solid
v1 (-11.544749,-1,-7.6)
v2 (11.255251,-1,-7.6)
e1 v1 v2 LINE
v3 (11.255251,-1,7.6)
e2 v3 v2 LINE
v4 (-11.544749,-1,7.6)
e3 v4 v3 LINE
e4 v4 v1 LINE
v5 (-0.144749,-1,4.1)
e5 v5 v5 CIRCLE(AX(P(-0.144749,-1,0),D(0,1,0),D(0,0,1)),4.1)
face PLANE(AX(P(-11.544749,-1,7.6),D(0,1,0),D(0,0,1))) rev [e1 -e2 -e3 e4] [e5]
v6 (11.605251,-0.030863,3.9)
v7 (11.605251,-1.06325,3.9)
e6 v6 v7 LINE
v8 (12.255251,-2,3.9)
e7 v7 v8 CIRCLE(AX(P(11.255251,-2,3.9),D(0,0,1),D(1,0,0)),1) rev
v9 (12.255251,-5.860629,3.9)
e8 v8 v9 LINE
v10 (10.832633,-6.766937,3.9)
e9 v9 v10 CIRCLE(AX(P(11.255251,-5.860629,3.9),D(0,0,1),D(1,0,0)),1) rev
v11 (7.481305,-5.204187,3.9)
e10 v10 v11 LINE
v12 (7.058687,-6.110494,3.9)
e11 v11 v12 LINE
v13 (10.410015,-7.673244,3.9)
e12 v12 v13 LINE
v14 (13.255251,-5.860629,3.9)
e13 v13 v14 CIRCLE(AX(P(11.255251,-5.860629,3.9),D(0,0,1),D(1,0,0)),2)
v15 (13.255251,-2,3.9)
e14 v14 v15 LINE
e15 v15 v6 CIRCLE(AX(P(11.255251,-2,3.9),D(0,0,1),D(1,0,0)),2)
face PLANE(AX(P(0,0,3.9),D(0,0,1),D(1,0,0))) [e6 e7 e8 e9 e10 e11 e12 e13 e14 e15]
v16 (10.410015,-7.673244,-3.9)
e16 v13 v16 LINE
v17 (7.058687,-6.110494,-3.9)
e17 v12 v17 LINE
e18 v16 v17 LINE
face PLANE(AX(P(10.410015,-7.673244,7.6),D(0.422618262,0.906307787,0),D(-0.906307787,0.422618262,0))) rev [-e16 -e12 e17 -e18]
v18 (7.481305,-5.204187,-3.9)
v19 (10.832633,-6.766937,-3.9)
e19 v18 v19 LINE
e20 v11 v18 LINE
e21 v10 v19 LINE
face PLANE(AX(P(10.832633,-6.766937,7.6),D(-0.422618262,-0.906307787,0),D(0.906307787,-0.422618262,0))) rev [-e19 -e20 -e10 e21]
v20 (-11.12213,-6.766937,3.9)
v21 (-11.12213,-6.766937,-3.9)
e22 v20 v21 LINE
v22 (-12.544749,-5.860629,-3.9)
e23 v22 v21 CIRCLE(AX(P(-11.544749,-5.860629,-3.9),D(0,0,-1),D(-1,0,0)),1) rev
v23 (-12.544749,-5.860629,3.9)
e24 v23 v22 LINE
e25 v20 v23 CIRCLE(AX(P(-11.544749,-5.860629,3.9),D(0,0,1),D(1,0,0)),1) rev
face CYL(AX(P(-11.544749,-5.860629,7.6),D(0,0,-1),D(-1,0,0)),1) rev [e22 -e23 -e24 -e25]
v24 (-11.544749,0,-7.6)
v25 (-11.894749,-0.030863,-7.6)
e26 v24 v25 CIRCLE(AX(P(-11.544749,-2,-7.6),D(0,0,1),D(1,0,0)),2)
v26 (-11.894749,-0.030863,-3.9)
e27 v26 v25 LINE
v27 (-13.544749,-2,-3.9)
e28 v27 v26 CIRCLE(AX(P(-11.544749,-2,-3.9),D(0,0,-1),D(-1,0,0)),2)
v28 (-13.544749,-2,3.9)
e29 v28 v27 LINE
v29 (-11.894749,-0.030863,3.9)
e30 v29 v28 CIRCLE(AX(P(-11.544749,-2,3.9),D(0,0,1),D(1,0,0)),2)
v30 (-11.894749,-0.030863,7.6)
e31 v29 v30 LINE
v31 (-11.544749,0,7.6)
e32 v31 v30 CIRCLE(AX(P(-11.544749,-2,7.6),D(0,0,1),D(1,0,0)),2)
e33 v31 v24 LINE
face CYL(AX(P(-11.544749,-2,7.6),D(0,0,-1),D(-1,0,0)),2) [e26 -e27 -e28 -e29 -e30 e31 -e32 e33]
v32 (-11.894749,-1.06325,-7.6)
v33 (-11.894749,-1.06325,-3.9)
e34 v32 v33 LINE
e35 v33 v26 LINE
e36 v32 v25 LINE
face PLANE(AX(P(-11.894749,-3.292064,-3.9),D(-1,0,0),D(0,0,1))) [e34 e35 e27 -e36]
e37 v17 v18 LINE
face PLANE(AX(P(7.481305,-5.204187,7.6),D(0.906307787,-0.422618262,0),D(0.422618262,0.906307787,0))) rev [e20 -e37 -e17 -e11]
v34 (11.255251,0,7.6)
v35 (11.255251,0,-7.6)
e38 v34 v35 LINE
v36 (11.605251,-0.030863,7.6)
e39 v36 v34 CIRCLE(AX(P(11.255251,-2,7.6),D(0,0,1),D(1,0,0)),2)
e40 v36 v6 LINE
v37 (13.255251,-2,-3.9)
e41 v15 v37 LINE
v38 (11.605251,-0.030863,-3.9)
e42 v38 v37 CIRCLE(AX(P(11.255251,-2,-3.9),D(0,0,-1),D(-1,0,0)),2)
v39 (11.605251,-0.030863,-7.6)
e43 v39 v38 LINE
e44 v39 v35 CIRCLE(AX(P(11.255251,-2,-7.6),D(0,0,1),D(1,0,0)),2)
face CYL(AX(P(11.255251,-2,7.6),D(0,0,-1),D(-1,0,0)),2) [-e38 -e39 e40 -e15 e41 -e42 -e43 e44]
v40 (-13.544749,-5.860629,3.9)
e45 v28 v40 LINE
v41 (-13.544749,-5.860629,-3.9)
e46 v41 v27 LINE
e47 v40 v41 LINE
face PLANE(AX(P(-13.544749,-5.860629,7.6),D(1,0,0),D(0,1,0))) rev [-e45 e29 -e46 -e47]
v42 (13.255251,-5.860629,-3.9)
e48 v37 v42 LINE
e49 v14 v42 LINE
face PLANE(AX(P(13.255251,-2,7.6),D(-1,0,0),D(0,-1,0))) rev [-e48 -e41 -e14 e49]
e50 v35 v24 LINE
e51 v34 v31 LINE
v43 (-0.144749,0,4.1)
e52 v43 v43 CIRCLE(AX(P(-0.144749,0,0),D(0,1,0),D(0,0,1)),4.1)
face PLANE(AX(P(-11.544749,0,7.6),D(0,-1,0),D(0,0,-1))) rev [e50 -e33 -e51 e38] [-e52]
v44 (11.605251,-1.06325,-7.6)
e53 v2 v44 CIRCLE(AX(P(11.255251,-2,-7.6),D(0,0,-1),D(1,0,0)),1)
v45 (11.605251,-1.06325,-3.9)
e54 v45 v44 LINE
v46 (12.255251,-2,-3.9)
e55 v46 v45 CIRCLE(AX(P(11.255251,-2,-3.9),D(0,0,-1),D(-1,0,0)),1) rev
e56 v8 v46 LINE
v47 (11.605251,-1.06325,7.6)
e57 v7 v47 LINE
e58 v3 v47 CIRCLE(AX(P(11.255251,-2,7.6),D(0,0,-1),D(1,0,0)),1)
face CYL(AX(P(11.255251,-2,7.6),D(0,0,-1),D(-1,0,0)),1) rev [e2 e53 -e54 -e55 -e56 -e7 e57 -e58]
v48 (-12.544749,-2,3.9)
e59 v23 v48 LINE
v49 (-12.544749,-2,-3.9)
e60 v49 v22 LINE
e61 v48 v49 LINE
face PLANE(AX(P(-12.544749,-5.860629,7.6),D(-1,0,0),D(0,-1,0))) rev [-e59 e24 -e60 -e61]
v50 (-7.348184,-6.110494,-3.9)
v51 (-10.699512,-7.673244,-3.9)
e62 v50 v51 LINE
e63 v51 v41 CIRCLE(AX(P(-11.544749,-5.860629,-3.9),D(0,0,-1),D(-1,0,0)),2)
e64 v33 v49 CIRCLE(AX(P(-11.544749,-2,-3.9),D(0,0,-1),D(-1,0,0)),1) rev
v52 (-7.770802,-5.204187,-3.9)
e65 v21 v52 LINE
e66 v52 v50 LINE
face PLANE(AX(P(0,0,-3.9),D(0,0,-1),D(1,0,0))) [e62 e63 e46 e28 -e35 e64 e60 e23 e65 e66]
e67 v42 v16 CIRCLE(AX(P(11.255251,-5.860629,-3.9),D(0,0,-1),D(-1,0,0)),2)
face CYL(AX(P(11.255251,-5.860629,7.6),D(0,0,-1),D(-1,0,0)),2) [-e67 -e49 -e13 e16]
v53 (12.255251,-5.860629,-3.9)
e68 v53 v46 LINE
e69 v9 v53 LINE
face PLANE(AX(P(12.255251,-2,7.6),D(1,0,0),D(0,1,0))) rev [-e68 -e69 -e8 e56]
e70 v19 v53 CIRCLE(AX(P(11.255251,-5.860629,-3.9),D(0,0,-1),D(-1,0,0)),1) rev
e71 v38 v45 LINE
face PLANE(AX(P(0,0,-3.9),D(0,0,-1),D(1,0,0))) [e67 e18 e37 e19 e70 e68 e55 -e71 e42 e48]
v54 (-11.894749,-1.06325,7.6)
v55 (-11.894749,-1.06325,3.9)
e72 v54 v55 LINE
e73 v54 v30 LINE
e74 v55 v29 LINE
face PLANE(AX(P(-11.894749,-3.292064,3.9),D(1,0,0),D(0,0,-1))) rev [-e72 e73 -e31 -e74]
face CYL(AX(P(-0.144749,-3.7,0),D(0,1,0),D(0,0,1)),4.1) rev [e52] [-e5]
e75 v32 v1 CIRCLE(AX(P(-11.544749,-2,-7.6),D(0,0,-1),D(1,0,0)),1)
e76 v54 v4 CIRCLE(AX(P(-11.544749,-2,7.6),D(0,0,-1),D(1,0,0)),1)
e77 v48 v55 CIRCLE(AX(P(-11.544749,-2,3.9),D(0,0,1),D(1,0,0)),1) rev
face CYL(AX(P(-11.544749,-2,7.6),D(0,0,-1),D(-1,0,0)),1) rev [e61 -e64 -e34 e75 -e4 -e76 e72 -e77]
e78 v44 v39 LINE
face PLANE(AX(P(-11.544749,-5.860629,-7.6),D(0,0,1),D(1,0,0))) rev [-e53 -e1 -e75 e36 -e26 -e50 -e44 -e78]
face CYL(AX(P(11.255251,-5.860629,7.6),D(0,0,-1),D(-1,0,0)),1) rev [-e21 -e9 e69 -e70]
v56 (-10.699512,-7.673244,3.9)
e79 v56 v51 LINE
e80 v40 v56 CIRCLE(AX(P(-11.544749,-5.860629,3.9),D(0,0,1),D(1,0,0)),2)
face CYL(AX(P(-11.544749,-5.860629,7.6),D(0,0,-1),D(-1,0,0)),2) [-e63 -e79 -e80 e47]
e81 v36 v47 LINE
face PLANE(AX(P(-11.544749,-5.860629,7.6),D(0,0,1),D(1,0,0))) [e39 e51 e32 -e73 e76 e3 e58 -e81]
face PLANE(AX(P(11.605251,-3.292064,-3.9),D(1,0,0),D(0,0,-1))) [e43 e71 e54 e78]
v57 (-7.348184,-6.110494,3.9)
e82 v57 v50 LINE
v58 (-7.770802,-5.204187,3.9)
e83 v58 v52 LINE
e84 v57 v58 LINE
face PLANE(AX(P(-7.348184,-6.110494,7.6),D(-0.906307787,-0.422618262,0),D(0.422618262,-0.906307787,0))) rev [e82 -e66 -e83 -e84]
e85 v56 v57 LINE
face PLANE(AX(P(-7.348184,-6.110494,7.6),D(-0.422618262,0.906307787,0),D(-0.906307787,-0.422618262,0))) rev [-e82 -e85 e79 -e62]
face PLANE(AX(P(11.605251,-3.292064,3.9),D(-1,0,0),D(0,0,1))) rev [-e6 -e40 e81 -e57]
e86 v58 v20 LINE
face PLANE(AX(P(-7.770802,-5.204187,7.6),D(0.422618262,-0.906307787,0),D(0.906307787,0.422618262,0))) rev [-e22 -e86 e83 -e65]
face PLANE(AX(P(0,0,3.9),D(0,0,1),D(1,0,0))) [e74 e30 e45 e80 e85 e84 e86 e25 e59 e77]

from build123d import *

# Parameters (mm, degrees)
EXTRUDE_1_DEPTH     = 7.6
CUT_EXTRUDE_1_DEPTH = 3.7
SKETCH_5_R          = 4.1
CUT_EXTRUDE_2_DEPTH = 3.7


with BuildPart() as part:
    # 草图1 → 凸台-拉伸1 (new, symmetric)
    with BuildSketch(Plane.XY):
        with BuildLine():
            Line((-7.348183963, -6.11049447), (-10.699512046, -7.67324442))
            ThreePointArc((-10.699512046, -7.67324442), (-12.619347786, -7.547411737), (-13.544748569, -5.860628846))
            Line((-13.544748569, -5.860628846), (-13.544748569, -2))
            ThreePointArc((-13.544748569, -2), (-12.958962131, -0.585786438), (-11.544748569, 0))
            Line((-11.544748569, 0), (11.255251431, 0))
            ThreePointArc((11.255251431, 0), (12.669464993, -0.585786438), (13.255251431, -2))
            Line((13.255251431, -2), (13.255251431, -5.860628846))
            ThreePointArc((13.255251431, -5.860628846), (12.329850648, -7.547411737), (10.410014907, -7.67324442))
            Line((10.410014907, -7.67324442), (7.058686825, -6.11049447))
            Line((7.058686825, -6.11049447), (7.481305087, -5.204186683))
            Line((7.481305087, -5.204186683), (10.832633169, -6.766936633))
            ThreePointArc((10.832633169, -6.766936633), (11.792551039, -6.704020292), (12.255251431, -5.860628846))
            Line((12.255251431, -5.860628846), (12.255251431, -2))
            ThreePointArc((12.255251431, -2), (11.962358212, -1.292893219), (11.255251431, -1))
            Line((11.255251431, -1), (-11.544748569, -1))
            ThreePointArc((-11.544748569, -1), (-12.25185535, -1.292893219), (-12.544748569, -2))
            Line((-12.544748569, -2), (-12.544748569, -5.860628846))
            ThreePointArc((-12.544748569, -5.860628846), (-12.082048177, -6.704020292), (-11.122130307, -6.766936633))
            Line((-11.122130307, -6.766936633), (-7.770802225, -5.204186683))
            Line((-7.770802225, -5.204186683), (-7.348183963, -6.11049447))
        make_face()
    extrude(amount=EXTRUDE_1_DEPTH, both=True)

    # 草图3 → 切除-拉伸1 (cut)
    with BuildSketch(Plane.XY.offset(7.6)):
        Polygon((-11.894748569, -3.292064446), (-5.65074495, -3.292064446), (-5.65074495, -8.789099245), (-21.304410353, -8.789099245), (-21.304410353, 0.944175246), (-11.894748569, 0.944175246), align=None)
        Polygon((5.361247812, -3.292064446), (5.361247812, -8.789099245), (21.014913215, -8.789099245), (21.014913215, 0.944175246), (11.605251431, 0.944175246), (11.605251431, -3.292064446), align=None)
    cut_extrude_1 = extrude(amount=-CUT_EXTRUDE_1_DEPTH, mode=Mode.SUBTRACT)

    # 镜向1: 切除-拉伸1 across plane
    add(cut_extrude_1.mirror(Plane.XY), mode=Mode.SUBTRACT)

    # 草图5 → 切除-拉伸2 (cut)
    with BuildSketch(Plane(origin=(0, 0, 0), x_dir=(1, 0, 0), z_dir=(0, 1, 0))):
        with Locations(Location((-0.144748569, 0, 0), (0, 0, 270))):
            Circle(SKETCH_5_R)
    extrude(amount=-CUT_EXTRUDE_2_DEPTH, mode=Mode.SUBTRACT)


solid = part.part
